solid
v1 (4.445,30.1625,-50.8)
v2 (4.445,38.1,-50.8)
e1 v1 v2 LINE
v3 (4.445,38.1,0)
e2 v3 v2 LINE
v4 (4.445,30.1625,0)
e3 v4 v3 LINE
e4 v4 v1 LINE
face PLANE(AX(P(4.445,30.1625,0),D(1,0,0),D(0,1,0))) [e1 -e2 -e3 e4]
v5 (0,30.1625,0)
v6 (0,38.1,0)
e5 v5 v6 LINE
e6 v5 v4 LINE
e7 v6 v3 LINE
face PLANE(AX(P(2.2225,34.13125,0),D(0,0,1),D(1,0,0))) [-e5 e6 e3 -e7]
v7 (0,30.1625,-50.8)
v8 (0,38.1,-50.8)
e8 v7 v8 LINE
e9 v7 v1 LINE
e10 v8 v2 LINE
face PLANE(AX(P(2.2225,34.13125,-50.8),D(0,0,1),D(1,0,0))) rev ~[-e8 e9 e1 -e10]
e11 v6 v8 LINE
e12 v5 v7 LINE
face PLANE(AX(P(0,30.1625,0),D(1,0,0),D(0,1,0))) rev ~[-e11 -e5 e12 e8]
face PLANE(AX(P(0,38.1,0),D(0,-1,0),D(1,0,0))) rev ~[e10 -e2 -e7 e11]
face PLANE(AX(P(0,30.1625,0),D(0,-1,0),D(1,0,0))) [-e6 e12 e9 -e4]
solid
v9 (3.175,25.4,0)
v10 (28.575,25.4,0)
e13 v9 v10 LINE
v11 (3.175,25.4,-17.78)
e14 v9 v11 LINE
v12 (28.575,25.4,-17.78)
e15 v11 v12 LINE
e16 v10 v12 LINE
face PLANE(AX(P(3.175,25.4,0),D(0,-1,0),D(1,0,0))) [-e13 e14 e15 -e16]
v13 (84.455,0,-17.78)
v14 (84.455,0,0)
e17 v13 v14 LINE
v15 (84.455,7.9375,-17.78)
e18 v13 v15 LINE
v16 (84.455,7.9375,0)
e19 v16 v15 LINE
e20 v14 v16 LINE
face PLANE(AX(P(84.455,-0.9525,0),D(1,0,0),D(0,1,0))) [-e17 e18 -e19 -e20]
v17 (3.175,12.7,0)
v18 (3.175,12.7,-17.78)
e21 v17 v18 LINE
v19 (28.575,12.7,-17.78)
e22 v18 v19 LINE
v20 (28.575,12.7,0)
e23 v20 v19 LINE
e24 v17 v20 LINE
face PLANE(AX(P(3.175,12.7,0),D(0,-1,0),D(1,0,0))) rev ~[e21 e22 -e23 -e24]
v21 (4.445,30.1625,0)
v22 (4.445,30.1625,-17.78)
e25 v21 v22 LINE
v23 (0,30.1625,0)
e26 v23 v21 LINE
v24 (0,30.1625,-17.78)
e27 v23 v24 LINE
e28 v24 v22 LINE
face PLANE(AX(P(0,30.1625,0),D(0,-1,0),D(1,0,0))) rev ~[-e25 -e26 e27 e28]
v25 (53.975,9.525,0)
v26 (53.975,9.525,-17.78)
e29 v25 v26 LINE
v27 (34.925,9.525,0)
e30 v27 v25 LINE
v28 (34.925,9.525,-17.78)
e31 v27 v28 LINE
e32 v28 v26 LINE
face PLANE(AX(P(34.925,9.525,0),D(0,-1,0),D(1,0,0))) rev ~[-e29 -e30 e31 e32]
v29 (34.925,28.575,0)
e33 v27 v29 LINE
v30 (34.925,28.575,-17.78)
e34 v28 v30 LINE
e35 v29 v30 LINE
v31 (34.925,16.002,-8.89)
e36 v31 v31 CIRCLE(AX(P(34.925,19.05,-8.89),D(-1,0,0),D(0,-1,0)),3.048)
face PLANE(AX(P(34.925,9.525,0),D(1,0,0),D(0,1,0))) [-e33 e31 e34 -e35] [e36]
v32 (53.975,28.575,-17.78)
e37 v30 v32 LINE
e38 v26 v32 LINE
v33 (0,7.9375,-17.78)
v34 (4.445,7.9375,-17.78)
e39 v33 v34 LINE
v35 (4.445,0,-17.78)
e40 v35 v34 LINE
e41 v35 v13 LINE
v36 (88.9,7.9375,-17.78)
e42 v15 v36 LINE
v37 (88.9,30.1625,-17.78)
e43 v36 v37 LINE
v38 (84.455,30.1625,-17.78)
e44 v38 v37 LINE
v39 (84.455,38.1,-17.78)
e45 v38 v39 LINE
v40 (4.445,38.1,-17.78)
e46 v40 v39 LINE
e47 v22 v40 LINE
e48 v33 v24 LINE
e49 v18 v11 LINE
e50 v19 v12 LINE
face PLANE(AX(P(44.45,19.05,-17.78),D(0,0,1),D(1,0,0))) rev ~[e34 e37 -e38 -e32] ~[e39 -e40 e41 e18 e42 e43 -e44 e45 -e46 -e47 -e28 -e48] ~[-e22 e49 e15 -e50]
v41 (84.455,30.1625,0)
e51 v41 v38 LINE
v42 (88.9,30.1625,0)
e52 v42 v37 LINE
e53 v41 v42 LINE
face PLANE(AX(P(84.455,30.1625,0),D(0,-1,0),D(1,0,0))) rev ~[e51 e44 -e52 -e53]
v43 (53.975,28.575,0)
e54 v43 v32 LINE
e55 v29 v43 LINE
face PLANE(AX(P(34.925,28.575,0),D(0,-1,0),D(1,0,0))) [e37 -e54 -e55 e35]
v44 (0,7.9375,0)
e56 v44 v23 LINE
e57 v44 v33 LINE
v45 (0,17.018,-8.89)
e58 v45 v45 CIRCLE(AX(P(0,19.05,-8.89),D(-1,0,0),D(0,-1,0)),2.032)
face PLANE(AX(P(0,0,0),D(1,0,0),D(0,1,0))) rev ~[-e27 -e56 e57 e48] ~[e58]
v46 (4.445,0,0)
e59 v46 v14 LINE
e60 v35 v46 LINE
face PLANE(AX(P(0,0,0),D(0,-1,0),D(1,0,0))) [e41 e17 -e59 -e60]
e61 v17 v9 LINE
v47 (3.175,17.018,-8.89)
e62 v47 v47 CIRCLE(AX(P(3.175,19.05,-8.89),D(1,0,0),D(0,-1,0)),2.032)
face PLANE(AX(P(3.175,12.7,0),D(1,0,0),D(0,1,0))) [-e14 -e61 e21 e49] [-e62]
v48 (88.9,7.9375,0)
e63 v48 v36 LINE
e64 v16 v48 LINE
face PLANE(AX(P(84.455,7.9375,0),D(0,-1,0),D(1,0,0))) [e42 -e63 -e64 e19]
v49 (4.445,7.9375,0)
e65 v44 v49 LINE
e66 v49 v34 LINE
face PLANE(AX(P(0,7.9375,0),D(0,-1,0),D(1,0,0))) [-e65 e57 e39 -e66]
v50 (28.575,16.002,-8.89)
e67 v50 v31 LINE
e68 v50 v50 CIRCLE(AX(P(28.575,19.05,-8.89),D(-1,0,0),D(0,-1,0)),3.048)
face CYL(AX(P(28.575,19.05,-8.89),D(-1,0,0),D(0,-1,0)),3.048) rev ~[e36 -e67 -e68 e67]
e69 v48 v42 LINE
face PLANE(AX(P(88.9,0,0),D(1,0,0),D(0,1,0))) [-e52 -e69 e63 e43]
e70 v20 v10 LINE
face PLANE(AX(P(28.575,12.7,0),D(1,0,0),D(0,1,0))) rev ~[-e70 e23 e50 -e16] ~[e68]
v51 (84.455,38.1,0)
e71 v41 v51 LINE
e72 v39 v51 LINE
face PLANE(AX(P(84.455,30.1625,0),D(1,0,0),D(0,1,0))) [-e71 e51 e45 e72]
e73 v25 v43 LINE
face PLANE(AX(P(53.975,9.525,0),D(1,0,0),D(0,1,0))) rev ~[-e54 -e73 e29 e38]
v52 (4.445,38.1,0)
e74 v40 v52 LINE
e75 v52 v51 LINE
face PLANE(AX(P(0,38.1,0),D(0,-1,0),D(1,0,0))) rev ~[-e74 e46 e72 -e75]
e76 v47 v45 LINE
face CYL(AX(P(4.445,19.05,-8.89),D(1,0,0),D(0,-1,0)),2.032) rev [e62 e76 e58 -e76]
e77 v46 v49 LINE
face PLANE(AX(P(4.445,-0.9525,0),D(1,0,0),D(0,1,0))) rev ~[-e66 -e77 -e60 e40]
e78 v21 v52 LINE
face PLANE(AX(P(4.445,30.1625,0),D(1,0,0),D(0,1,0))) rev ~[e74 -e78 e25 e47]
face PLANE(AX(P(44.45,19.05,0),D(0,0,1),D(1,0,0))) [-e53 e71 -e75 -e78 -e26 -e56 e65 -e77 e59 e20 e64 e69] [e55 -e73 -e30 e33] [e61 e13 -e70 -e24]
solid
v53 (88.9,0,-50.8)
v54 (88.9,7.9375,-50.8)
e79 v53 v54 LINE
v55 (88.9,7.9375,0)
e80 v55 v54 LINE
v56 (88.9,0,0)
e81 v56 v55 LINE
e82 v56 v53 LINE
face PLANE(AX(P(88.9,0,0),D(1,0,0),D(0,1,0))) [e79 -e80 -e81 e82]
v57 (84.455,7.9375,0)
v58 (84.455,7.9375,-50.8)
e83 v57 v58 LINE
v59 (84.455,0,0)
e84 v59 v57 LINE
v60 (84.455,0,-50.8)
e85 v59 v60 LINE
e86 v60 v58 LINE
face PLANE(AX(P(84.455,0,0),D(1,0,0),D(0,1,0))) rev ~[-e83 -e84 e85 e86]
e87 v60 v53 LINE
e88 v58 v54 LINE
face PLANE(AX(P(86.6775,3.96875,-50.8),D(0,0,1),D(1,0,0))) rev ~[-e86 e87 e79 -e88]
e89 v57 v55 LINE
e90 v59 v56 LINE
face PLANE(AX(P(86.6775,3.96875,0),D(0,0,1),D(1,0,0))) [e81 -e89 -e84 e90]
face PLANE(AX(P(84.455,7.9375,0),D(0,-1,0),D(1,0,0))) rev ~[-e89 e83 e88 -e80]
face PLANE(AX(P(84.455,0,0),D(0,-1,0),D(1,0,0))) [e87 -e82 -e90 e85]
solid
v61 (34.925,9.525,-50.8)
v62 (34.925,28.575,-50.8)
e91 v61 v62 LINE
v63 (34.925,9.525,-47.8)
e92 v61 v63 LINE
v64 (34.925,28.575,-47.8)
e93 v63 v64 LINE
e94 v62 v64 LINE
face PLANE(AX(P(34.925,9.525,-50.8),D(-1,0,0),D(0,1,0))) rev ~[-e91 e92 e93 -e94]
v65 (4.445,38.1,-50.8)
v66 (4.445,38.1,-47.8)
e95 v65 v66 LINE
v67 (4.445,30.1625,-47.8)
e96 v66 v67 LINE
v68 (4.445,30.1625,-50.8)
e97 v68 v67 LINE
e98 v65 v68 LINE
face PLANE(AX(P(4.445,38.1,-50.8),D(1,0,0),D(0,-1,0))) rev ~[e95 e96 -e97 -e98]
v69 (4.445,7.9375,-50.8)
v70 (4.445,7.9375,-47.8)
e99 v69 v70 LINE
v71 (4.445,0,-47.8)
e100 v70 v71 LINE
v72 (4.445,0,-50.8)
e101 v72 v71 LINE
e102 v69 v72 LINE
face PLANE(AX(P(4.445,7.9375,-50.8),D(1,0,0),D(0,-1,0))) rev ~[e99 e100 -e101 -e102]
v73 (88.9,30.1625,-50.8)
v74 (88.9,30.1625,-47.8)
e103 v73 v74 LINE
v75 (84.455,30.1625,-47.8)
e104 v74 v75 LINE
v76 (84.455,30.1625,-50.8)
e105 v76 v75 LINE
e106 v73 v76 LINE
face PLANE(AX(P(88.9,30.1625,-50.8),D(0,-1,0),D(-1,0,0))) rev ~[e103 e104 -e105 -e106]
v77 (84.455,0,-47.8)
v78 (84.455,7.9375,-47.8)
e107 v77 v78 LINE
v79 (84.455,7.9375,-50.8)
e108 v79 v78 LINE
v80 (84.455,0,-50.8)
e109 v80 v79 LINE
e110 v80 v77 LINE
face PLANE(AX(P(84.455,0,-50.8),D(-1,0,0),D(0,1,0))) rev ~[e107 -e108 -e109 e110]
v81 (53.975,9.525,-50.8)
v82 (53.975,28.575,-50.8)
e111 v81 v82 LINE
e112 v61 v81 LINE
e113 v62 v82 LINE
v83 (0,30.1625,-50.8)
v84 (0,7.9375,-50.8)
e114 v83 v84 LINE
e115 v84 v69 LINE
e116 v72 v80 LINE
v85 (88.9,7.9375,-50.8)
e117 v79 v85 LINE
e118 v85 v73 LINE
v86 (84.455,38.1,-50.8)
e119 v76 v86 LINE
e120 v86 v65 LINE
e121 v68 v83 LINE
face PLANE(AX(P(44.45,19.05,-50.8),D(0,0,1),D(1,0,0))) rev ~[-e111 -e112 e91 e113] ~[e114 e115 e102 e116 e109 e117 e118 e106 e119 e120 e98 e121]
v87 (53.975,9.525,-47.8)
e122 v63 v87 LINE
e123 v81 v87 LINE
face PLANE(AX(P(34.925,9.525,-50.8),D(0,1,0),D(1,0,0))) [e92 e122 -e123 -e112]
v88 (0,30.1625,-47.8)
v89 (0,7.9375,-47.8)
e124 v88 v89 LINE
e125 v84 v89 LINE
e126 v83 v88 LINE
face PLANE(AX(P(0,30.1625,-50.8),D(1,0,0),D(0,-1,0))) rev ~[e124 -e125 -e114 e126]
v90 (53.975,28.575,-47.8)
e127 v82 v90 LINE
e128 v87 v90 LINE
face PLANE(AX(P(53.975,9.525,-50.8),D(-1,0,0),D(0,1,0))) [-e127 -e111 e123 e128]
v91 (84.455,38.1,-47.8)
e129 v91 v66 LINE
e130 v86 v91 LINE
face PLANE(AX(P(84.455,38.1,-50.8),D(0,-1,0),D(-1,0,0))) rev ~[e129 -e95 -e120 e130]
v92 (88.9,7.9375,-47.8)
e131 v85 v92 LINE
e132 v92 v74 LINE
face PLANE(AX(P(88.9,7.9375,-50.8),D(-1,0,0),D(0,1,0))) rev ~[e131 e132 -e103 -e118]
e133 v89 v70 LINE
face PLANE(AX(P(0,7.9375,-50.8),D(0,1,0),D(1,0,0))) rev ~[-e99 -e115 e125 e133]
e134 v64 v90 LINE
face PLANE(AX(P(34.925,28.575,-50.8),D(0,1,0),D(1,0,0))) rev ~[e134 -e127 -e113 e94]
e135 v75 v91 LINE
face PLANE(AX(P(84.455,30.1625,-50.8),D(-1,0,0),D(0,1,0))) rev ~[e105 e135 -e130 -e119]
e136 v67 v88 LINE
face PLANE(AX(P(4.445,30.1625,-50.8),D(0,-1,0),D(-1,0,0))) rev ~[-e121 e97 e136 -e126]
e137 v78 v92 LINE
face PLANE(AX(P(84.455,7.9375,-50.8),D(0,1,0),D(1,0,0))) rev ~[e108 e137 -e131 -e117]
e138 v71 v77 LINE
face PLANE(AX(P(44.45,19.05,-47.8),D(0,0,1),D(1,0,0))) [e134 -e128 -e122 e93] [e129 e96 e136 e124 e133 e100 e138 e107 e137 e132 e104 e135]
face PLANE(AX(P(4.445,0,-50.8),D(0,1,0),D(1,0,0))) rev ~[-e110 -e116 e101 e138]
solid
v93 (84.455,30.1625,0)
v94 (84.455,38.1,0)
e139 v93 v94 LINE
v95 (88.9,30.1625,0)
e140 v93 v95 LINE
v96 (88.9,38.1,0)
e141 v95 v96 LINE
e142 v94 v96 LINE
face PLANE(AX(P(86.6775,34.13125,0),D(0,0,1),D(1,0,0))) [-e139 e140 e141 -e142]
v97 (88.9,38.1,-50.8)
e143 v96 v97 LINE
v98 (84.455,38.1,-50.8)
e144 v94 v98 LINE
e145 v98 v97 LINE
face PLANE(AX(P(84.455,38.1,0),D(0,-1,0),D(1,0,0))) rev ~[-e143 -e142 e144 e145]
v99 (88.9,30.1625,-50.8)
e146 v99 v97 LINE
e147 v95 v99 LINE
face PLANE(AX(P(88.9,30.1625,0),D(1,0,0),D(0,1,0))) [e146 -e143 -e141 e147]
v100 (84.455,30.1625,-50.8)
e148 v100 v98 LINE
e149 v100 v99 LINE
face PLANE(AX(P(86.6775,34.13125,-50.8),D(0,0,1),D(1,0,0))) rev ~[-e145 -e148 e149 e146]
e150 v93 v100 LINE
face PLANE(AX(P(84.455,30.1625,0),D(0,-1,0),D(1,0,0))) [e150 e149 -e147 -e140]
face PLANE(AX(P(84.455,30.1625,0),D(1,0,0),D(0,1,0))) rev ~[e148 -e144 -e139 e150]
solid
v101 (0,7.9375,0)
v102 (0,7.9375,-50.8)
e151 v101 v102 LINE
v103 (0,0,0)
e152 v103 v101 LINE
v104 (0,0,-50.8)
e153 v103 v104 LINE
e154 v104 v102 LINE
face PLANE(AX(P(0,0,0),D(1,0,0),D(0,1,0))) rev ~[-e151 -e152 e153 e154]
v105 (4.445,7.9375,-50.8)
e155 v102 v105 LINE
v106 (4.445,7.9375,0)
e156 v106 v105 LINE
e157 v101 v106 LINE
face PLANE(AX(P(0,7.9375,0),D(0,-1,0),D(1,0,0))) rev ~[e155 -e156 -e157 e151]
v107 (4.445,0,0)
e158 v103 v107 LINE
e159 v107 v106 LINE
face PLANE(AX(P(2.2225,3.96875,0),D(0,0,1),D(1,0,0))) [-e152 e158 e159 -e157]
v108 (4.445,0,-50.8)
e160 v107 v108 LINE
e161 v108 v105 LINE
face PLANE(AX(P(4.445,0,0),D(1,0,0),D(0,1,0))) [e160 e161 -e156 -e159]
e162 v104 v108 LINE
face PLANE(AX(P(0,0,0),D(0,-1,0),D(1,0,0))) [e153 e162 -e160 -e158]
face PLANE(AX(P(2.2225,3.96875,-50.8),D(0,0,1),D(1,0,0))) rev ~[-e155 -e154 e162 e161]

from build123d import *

# Parameters (mm, degrees)
SKETCH1_W                = 88.9
SKETCH1_H                = 38.1
BOSS_EXTRUDE1_DEPTH      = 17.78
SKETCH2_W                = 4.445
SKETCH2_H                = 8.89
SKETCH2_W_2              = 19.05
SKETCH2_H_2              = 19.05
SKETCH2_W_3              = 25.4
SKETCH2_H_3              = 12.7
CUT_EXTRUDE1_DEPTH       = 20.32
SKETCH3_W                = 19.05
SKETCH3_H                = 19.05
BOSS_EXTRUDE2_DEPTH      = 3
SKETCH6_R                = 2.032
SPRINGPLUNGER_HOLE_DEPTH = 4.445
SKETCH8_W                = 4.445
SKETCH8_H                = 7.9375
SUPPORT_DEPTH            = 50.8
SUPPORT_2_DEPTH          = 50.8
SUPPORT_3_DEPTH          = 50.8
SUPPORT_4_DEPTH          = 50.8
SKETCH9_R                = 3.048
CUT_EXTRUDE4_DEPTH       = 6.35


with BuildPart() as part:
    # Sketch1 → Boss-Extrude1 (new body)
    with BuildSketch(Plane.XY):
        with Locations((44.45, 19.05)):
            Rectangle(SKETCH1_W, SKETCH1_H)
    extrude(amount=-BOSS_EXTRUDE1_DEPTH)

    # Sketch2 → Cut-Extrude1 (cut)
    with BuildSketch(Plane.XY):
        with Locations((86.6775, 34.6075)):
            Rectangle(SKETCH2_W, SKETCH2_H)
        with Locations((44.45, 19.05)):
            Rectangle(SKETCH2_W_2, SKETCH2_H_2)
        with Locations((2.2225, 34.6075)):
            Rectangle(SKETCH2_W, SKETCH2_H)
        with Locations((86.6775, 3.4925)):
            Rectangle(SKETCH2_W, SKETCH2_H)
        with Locations((2.2225, 3.4925)):
            Rectangle(SKETCH2_W, SKETCH2_H)
        with Locations((15.875, 19.05)):
            Rectangle(SKETCH2_W_3, SKETCH2_H_3)
    extrude(amount=-CUT_EXTRUDE1_DEPTH, mode=Mode.SUBTRACT)

    # Sketch6 → SpringPlunger Hole (cut)
    with BuildSketch(Plane.ZY.offset(-4.445)):
        with Locations(Location((-8.89, 19.05, 0), (0, 0, 270))):
            Circle(SKETCH6_R)
    extrude(amount=SPRINGPLUNGER_HOLE_DEPTH, mode=Mode.SUBTRACT)

    # Sketch9 → Cut-Extrude4 (cut)
    with BuildSketch(Plane.ZY.offset(-28.575)):
        with Locations(Location((-8.89, 19.05, 0), (0, 0, 270))):
            Circle(SKETCH9_R)
    extrude(amount=-CUT_EXTRUDE4_DEPTH, mode=Mode.SUBTRACT)


with BuildPart() as body_2:
    # Sketch3 → Boss-Extrude2 (new body)
    with BuildSketch(Plane.XY.offset(-50.8)):
        Polygon((88.9, 30.1625), (84.455, 30.1625), (84.455, 38.1), (4.445, 38.1), (4.445, 30.1625), (0, 30.1625), (0, 7.9375), (4.445, 7.9375), (4.445, 0), (84.455, 0), (84.455, 7.9375), (88.9, 7.9375), align=None)
        with Locations((44.45, 19.05)):
            Rectangle(SKETCH3_W, SKETCH3_H, mode=Mode.SUBTRACT)
    extrude(amount=BOSS_EXTRUDE2_DEPTH)


with BuildPart() as body_3:
    # Sketch8 → Support (new body)
    with BuildSketch(Plane.XY):
        with Locations((2.2225, 34.13125)):
            Rectangle(SKETCH8_W, SKETCH8_H)
    extrude(amount=-SUPPORT_DEPTH)


with BuildPart() as body_4:
    # Sketch8 → Support 2 (new body)
    with BuildSketch(Plane.XY):
        with Locations((86.6775, 34.13125)):
            Rectangle(SKETCH8_W, SKETCH8_H)
    extrude(amount=-SUPPORT_2_DEPTH)


with BuildPart() as body_5:
    # Sketch8 → Support 3 (new body)
    with BuildSketch(Plane.XY):
        with Locations((86.6775, 3.96875)):
            Rectangle(SKETCH8_W, SKETCH8_H)
    extrude(amount=-SUPPORT_3_DEPTH)


with BuildPart() as body_6:
    # Sketch8 → Support 4 (new body)
    with BuildSketch(Plane.XY):
        with Locations((2.2225, 3.96875)):
            Rectangle(SKETCH8_W, SKETCH8_H)
    extrude(amount=-SUPPORT_4_DEPTH)


solid = Compound([part.part, body_2.part, body_3.part, body_4.part, body_5.part, body_6.part])
